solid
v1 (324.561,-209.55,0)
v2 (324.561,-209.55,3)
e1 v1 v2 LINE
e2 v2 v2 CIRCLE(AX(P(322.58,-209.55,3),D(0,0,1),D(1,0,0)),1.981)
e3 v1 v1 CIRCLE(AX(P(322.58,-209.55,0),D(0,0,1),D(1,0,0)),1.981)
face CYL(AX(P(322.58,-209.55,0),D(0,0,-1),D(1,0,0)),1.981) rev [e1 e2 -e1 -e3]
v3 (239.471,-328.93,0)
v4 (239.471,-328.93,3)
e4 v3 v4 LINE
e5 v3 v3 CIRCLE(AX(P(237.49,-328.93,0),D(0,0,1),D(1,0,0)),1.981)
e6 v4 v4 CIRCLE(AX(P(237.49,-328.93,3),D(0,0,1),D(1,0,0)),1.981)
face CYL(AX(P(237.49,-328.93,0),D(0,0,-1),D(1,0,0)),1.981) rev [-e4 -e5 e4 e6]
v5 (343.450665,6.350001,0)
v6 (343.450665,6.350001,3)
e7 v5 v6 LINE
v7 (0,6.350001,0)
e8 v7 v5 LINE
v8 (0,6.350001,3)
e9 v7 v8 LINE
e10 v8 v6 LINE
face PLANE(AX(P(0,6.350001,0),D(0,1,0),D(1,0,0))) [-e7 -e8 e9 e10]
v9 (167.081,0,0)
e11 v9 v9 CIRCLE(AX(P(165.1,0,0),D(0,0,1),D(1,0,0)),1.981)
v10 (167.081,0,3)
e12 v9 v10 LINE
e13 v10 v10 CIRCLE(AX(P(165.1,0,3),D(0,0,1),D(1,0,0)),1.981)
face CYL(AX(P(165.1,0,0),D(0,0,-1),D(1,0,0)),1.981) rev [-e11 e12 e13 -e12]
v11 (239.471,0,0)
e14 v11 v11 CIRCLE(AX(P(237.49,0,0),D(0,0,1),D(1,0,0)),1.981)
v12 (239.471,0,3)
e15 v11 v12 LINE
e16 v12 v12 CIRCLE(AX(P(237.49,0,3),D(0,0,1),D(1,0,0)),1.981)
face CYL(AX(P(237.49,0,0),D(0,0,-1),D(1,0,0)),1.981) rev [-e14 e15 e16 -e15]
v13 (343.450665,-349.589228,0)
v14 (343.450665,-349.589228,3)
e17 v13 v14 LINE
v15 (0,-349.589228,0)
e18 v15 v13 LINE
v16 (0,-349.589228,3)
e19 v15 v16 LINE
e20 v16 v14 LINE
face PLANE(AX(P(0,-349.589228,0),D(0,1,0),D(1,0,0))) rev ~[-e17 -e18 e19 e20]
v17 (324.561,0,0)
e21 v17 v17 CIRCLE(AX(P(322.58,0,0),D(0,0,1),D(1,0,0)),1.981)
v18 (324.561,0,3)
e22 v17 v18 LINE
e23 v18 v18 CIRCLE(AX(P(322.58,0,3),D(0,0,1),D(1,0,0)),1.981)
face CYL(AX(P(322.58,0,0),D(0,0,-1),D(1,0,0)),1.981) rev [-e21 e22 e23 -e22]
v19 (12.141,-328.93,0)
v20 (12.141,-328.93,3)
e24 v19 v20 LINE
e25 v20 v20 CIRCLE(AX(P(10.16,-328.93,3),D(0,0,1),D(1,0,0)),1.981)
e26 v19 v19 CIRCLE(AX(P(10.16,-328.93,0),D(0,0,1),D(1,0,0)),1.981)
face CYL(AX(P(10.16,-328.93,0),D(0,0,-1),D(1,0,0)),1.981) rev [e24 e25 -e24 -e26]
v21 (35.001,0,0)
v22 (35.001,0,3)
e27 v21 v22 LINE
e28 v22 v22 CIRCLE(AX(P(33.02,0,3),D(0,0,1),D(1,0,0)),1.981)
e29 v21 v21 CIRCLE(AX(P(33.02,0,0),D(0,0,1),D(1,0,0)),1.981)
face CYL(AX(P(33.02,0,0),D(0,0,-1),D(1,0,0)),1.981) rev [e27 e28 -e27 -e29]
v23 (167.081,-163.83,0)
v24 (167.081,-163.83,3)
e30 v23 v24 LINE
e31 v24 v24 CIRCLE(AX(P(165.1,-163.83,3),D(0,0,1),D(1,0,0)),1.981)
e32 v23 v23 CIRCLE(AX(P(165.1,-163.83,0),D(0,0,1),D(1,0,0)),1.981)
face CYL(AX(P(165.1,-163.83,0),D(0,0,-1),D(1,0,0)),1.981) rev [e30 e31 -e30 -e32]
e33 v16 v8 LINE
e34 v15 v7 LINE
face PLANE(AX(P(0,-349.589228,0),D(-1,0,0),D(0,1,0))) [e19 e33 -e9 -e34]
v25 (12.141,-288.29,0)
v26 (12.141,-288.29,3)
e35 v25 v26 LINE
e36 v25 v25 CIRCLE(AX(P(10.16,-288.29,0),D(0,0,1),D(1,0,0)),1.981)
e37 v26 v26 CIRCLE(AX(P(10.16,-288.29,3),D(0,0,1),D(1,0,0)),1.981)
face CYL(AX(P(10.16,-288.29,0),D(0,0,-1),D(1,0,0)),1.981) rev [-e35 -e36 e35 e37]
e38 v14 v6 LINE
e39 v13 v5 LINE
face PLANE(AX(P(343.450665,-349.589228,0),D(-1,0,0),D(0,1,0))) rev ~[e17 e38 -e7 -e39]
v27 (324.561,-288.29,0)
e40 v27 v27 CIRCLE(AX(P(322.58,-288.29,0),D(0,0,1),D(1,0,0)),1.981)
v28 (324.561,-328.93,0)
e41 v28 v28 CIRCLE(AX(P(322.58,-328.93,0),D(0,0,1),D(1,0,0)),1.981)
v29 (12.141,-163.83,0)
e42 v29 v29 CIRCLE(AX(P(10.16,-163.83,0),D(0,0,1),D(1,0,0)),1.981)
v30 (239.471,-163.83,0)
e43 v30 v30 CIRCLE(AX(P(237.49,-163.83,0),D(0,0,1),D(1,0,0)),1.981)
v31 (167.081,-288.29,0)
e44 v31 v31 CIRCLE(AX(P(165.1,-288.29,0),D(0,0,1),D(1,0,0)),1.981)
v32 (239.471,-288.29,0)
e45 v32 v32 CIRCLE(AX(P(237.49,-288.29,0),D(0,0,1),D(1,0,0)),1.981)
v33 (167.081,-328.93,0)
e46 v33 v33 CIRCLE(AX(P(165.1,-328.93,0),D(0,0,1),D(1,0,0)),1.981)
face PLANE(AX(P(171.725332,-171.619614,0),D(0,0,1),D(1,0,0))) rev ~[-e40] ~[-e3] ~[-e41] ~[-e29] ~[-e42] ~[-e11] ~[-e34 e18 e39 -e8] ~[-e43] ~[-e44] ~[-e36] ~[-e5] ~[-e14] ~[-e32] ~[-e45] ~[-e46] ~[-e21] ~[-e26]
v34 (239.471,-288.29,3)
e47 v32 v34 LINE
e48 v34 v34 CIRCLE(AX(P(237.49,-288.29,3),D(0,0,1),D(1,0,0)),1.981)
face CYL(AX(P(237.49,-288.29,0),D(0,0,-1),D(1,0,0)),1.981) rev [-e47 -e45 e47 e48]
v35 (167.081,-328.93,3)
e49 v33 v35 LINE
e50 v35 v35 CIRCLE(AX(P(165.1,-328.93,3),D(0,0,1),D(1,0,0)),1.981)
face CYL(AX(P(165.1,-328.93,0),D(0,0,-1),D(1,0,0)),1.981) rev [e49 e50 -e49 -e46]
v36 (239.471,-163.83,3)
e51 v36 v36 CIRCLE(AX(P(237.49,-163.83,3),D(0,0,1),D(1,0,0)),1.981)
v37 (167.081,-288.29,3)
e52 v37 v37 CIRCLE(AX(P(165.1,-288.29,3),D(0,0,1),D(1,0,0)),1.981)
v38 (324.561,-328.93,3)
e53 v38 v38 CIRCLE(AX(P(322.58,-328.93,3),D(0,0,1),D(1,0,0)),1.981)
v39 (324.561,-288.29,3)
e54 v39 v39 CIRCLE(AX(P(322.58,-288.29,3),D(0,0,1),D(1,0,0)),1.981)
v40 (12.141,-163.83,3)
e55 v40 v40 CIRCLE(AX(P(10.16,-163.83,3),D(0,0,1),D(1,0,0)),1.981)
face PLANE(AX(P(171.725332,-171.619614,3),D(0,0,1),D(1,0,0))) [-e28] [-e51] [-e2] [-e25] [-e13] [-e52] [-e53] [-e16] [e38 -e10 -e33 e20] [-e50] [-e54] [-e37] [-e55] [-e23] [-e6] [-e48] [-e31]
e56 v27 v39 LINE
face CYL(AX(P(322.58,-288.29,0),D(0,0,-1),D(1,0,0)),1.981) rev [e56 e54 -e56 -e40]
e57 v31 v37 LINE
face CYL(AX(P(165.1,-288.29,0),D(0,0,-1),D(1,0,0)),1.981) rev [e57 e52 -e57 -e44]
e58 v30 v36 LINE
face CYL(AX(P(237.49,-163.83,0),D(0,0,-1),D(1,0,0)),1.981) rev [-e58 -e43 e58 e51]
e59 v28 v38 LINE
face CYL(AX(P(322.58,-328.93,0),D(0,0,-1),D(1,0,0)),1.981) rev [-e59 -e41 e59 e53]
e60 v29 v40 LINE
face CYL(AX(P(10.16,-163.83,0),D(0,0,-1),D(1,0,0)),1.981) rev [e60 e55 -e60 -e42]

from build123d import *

# Parameters (mm, degrees)
F0_W     = 343.450665
F0_H     = 355.939229
F0_R     = 1.981
F1_DEPTH = 3


with BuildPart() as f1:
    # F0 (on Top) → F1 (new body)
    with BuildSketch(Plane.XY):
        with Locations((171.725332, -171.619614)):
            Rectangle(F0_W, F0_H)
        with Locations((10.16, -328.93)):
            Circle(F0_R, mode=Mode.SUBTRACT)
        with Locations((10.16, -288.29)):
            Circle(F0_R, mode=Mode.SUBTRACT)
        with Locations((165.1, -328.93)):
            Circle(F0_R, mode=Mode.SUBTRACT)
        with Locations((165.1, -288.29)):
            Circle(F0_R, mode=Mode.SUBTRACT)
        with Locations((237.49, -328.93)):
            Circle(F0_R, mode=Mode.SUBTRACT)
        with Locations((237.49, -288.29)):
            Circle(F0_R, mode=Mode.SUBTRACT)
        with Locations((322.58, -328.93)):
            Circle(F0_R, mode=Mode.SUBTRACT)
        with Locations((322.58, -288.29)):
            Circle(F0_R, mode=Mode.SUBTRACT)
        with Locations((322.58, -209.55)):
            Circle(F0_R, mode=Mode.SUBTRACT)
        with Locations((10.16, -163.83)):
            Circle(F0_R, mode=Mode.SUBTRACT)
        with Locations((165.1, -163.83)):
            Circle(F0_R, mode=Mode.SUBTRACT)
        with Locations((33.02, 0)):
            Circle(F0_R, mode=Mode.SUBTRACT)
        with Locations((165.1, 0)):
            Circle(F0_R, mode=Mode.SUBTRACT)
        with Locations((237.49, -163.83)):
            Circle(F0_R, mode=Mode.SUBTRACT)
        with Locations((237.49, 0)):
            Circle(F0_R, mode=Mode.SUBTRACT)
        with Locations((322.58, 0)):
            Circle(F0_R, mode=Mode.SUBTRACT)
    extrude(amount=F1_DEPTH)


solid = f1.part
